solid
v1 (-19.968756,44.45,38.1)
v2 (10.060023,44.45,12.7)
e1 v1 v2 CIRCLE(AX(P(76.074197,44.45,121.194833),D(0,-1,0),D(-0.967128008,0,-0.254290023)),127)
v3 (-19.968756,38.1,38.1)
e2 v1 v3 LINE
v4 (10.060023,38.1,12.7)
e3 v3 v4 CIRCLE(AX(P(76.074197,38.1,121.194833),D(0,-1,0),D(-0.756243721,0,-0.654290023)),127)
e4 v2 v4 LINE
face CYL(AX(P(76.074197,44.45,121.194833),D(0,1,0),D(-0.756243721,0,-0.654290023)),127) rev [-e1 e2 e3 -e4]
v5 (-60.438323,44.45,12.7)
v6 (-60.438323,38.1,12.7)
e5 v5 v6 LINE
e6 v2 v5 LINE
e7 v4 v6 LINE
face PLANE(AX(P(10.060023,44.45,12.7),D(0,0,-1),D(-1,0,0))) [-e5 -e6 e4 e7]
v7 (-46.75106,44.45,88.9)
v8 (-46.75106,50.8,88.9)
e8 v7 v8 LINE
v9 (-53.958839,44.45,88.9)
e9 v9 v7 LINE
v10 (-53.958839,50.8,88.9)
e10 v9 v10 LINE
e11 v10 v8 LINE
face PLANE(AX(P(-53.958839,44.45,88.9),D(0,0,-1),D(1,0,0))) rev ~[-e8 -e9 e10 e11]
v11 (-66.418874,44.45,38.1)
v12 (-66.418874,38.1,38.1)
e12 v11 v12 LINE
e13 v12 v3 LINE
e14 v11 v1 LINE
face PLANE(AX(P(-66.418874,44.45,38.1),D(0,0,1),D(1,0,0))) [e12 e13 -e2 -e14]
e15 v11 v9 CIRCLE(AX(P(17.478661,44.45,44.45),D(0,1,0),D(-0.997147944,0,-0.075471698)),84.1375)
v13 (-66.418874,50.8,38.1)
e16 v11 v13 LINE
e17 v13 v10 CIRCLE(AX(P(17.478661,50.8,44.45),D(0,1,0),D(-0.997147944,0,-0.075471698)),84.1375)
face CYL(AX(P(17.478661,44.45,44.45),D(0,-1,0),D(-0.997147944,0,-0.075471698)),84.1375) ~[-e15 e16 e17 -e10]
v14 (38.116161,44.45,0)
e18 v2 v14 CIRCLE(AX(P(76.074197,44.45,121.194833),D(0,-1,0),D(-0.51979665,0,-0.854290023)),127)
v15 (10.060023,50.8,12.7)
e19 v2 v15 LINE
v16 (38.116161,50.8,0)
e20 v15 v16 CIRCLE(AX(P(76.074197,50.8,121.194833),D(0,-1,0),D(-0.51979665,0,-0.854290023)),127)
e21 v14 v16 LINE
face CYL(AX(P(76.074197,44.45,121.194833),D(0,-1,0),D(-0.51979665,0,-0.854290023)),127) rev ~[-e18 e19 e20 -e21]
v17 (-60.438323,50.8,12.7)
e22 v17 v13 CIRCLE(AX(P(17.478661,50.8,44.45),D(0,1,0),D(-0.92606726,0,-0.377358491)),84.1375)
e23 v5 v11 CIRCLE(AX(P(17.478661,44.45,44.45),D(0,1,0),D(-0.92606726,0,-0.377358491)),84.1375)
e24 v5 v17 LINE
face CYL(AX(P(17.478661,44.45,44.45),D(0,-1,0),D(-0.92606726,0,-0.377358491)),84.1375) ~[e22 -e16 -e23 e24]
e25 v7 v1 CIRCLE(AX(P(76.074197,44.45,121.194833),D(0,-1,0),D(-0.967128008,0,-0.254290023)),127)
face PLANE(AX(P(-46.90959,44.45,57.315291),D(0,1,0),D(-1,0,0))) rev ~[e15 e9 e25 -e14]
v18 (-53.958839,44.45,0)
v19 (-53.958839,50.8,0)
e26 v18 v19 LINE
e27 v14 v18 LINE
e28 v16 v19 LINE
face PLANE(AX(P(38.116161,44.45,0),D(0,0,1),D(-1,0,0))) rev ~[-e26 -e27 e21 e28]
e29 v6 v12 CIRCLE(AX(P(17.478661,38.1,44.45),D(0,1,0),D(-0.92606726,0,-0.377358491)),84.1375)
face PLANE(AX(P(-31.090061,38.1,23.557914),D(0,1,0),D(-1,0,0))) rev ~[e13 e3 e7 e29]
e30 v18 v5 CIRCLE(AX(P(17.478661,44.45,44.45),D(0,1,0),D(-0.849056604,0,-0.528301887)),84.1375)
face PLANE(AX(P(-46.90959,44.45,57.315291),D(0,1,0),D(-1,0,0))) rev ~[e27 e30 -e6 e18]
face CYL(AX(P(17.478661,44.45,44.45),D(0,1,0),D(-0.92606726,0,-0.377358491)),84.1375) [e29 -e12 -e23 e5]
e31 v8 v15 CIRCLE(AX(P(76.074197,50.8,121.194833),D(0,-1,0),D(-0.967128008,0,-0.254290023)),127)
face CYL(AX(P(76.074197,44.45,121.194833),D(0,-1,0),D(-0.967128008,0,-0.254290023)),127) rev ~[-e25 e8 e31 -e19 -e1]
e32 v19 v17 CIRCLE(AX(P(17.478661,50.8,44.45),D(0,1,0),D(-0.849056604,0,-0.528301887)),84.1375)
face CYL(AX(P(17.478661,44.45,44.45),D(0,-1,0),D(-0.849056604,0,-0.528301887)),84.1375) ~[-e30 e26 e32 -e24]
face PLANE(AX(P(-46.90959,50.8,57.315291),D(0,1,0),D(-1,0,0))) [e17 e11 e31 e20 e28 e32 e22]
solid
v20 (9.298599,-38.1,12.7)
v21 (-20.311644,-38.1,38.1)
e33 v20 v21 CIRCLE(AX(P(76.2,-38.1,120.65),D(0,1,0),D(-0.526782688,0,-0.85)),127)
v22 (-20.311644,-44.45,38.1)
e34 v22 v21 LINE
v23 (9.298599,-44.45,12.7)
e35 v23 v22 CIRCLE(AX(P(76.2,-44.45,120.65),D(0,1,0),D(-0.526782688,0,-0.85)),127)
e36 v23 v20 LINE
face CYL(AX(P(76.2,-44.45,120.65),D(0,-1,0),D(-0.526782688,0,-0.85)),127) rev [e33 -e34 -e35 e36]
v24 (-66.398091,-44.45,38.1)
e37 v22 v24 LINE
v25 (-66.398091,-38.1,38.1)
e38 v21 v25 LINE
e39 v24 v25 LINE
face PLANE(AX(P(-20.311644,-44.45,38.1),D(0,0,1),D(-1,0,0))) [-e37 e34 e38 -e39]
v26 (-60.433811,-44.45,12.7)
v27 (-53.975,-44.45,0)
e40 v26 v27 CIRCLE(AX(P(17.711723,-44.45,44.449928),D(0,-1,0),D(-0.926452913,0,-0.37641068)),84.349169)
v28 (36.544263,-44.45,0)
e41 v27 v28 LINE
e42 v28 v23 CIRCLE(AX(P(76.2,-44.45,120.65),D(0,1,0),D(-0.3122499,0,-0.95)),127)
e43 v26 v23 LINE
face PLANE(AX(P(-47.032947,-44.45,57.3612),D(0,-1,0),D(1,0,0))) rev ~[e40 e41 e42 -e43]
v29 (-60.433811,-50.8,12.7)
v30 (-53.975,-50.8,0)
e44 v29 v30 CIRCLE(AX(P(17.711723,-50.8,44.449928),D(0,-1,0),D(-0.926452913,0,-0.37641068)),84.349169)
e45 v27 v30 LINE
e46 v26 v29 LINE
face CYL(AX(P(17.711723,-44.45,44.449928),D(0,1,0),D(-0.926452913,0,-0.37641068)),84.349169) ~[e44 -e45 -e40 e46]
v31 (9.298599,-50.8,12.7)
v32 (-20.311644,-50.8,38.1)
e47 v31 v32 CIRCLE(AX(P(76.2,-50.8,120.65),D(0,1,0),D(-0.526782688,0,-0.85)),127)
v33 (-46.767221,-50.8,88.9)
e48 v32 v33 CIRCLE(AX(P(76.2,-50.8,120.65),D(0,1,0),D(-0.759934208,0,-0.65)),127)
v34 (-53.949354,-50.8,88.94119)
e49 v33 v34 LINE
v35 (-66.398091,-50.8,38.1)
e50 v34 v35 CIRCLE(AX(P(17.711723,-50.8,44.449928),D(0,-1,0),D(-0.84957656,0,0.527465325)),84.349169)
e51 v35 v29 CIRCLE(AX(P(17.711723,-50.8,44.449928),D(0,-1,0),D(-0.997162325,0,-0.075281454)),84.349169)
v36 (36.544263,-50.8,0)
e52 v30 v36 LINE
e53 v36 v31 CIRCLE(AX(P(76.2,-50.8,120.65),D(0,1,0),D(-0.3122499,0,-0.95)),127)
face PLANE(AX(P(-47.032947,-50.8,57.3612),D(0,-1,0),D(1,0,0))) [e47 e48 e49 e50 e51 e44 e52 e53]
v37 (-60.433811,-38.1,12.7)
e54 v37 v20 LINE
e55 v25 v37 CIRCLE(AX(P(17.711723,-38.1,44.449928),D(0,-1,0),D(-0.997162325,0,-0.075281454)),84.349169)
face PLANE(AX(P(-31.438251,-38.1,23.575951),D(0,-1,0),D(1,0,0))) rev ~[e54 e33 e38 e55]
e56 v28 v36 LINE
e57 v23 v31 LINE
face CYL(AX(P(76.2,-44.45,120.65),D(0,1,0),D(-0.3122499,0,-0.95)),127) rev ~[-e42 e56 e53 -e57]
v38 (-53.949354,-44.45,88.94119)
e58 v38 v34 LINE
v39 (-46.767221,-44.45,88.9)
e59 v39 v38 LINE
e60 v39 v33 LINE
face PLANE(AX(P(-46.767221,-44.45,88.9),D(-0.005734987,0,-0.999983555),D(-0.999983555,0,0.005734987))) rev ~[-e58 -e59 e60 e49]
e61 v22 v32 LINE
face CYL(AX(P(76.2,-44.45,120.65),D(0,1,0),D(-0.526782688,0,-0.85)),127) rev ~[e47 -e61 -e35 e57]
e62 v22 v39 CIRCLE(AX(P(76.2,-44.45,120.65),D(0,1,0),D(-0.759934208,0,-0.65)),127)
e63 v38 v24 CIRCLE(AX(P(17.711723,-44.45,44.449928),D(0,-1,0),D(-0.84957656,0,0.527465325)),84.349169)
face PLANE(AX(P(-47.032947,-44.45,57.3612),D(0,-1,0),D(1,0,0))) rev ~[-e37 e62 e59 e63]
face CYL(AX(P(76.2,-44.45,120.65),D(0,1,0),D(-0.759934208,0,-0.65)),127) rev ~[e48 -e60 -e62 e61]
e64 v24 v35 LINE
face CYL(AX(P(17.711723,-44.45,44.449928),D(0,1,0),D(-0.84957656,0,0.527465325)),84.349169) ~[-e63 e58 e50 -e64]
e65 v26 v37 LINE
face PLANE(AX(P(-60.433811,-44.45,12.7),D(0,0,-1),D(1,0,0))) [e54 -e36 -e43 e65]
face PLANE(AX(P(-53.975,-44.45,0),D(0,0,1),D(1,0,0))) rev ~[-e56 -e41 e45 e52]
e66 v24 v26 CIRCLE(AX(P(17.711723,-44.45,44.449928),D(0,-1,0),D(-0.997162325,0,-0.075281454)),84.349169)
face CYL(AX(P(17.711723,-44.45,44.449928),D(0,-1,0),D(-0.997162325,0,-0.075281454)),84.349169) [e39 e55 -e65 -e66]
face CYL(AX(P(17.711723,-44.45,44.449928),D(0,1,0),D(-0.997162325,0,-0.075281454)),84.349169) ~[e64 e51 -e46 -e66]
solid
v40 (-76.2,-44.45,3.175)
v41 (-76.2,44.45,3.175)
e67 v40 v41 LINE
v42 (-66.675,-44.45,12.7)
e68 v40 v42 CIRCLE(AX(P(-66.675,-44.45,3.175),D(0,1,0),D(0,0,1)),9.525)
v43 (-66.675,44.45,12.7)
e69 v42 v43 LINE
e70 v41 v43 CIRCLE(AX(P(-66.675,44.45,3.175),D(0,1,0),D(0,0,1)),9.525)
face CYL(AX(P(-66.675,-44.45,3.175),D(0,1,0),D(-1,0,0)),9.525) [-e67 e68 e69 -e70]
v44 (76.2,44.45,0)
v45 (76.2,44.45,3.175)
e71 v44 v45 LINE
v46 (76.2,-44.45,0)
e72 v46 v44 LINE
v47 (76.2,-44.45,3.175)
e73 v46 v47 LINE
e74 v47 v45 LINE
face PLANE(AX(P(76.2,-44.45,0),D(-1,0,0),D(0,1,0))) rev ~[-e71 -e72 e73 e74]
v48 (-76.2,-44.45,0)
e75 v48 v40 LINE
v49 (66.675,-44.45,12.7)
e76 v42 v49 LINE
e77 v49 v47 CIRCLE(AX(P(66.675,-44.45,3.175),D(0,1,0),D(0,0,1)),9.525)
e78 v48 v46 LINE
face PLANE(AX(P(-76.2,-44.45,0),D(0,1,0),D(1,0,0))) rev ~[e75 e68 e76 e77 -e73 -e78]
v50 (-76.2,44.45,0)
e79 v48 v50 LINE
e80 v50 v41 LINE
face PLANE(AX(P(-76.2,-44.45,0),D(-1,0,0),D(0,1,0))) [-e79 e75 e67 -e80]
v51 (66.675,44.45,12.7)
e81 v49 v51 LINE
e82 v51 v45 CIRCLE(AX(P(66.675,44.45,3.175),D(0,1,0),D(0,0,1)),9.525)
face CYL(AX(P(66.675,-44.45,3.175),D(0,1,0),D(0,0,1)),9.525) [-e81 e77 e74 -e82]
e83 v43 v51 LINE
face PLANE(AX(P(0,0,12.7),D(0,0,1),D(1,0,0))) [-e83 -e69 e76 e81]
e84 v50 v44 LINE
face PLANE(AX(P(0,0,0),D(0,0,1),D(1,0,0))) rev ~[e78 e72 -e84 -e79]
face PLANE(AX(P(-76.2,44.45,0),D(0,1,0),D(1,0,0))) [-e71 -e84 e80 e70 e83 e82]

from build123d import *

# Parameters (mm, degrees)
F0_W      = 152.4
F0_H      = 88.9
F1_DEPTH  = 12.7
F3_R      = 9.525
F4_R      = 9.525
F6_DEPTH  = 6.35
F7_DEPTH  = 6.35
F9_DEPTH  = 6.35
F10_DEPTH = 6.35


with BuildPart() as f1:
    # F0 (on Top) → F1 (new body)
    with BuildSketch(Plane.XY):
        Rectangle(F0_W, F0_H)
    extrude(amount=F1_DEPTH)

    # F3
    f3_edges = [f1.edges().sort_by_distance(p)[0] for p in [
        (-76.2, 0, 12.7),
    ]]
    fillet(f3_edges, radius=F3_R)

    # F4
    f4_edges = [f1.edges().sort_by_distance(p)[0] for p in [
        (76.2, 0, 12.7),
    ]]
    fillet(f4_edges, radius=F4_R)


with BuildPart() as f6:
    # F2 (on face) → F6 (new body)
    with BuildSketch(Plane.XZ.offset(44.45)):
        with BuildLine():
            Line((-46.7672212421, 88.9), (-53.949354118, 88.9411901131))
            ThreePointArc((-53.949354118, 88.9411901131), (-64.2172051604, 64.5106633707), (-66.3980908187, 38.1))
            Line((-66.3980908187, 38.1), (-20.3116443752, 38.1))
            ThreePointArc((-20.3116443752, 38.1), (-36.4405926527, 61.9891366681), (-46.7672212421, 88.9))
        make_face()
        with BuildLine():
            Line((-20.3116443752, 38.1), (-66.3980908187, 38.1))
            ThreePointArc((-66.3980908187, 38.1), (-64.4039846699, 25.1679956225), (-60.4338106551, 12.7))
            Line((-60.4338106551, 12.7), (9.2985986694, 12.7))
            ThreePointArc((9.2985986694, 12.7), (-6.4876404108, 24.2562547502), (-20.3116443752, 38.1))
        make_face()
        with BuildLine():
            Line((9.2985986694, 12.7), (-60.4338106551, 12.7))
            ThreePointArc((-60.4338106551, 12.7), (-57.4730413053, 6.2133804004), (-53.975, 0))
            Line((-53.975, 0), (36.5442627102, 0))
            ThreePointArc((36.5442627102, 0), (22.5443530675, 5.5410448651), (9.2985986694, 12.7))
        make_face()
    extrude(amount=F6_DEPTH)

    # F2 (on face) → F7 (join)
    with BuildSketch(Plane.XZ.offset(44.45)):
        with BuildLine():
            Line((-20.3116443752, 38.1), (-66.3980908187, 38.1))
            ThreePointArc((-66.3980908187, 38.1), (-64.4039846699, 25.1679956225), (-60.4338106551, 12.7))
            Line((-60.4338106551, 12.7), (9.2985986694, 12.7))
            ThreePointArc((9.2985986694, 12.7), (-6.4876404108, 24.2562547502), (-20.3116443752, 38.1))
        make_face()
    extrude(amount=-F7_DEPTH)


with BuildPart() as f9:
    # F8 (on face) → F9 (new body)
    with BuildSketch(Plane(origin=(0, 44.45, 0), x_dir=(-1, 0, 0), z_dir=(0, 1, 0))):
        with BuildLine():
            ThreePointArc((46.751059991, 88.9), (36.2689527155, 61.9663203319), (19.9687555629, 38.1))
            Line((19.9687555629, 38.1), (66.4188739109, 38.1))
            ThreePointArc((66.4188739109, 38.1), (64.2367184959, 64.492844585), (53.9588387489, 88.9))
            Line((53.9588387489, 88.9), (46.751059991, 88.9))
        make_face()
        with BuildLine():
            ThreePointArc((19.9687555629, 38.1), (5.9435943919, 24.2304998237), (-10.0600225377, 12.7))
            Line((-10.0600225377, 12.7), (60.4383228169, 12.7))
            ThreePointArc((60.4383228169, 12.7), (64.4192914608, 25.1667365872), (66.4188739109, 38.1))
            Line((66.4188739109, 38.1), (19.9687555629, 38.1))
        make_face()
        with BuildLine():
            ThreePointArc((-10.0600225377, 12.7), (-23.7017078095, 5.4964216156), (-38.1161612511, 0))
            Line((-38.1161612511, 0), (53.9588387489, 0))
            ThreePointArc((53.9588387489, 0), (57.4680730194, 6.2125062478), (60.4383228169, 12.7))
            Line((60.4383228169, 12.7), (-10.0600225377, 12.7))
        make_face()
    extrude(amount=F9_DEPTH)

    # F8 (on face) → F10 (join)
    with BuildSketch(Plane(origin=(0, 44.45, 0), x_dir=(-1, 0, 0), z_dir=(0, 1, 0))):
        with BuildLine():
            ThreePointArc((19.9687555629, 38.1), (5.9435943919, 24.2304998237), (-10.0600225377, 12.7))
            Line((-10.0600225377, 12.7), (60.4383228169, 12.7))
            ThreePointArc((60.4383228169, 12.7), (64.4192914608, 25.1667365872), (66.4188739109, 38.1))
            Line((66.4188739109, 38.1), (19.9687555629, 38.1))
        make_face()
    extrude(amount=-F10_DEPTH)


solid = Compound([f1.part, f6.part, f9.part])
